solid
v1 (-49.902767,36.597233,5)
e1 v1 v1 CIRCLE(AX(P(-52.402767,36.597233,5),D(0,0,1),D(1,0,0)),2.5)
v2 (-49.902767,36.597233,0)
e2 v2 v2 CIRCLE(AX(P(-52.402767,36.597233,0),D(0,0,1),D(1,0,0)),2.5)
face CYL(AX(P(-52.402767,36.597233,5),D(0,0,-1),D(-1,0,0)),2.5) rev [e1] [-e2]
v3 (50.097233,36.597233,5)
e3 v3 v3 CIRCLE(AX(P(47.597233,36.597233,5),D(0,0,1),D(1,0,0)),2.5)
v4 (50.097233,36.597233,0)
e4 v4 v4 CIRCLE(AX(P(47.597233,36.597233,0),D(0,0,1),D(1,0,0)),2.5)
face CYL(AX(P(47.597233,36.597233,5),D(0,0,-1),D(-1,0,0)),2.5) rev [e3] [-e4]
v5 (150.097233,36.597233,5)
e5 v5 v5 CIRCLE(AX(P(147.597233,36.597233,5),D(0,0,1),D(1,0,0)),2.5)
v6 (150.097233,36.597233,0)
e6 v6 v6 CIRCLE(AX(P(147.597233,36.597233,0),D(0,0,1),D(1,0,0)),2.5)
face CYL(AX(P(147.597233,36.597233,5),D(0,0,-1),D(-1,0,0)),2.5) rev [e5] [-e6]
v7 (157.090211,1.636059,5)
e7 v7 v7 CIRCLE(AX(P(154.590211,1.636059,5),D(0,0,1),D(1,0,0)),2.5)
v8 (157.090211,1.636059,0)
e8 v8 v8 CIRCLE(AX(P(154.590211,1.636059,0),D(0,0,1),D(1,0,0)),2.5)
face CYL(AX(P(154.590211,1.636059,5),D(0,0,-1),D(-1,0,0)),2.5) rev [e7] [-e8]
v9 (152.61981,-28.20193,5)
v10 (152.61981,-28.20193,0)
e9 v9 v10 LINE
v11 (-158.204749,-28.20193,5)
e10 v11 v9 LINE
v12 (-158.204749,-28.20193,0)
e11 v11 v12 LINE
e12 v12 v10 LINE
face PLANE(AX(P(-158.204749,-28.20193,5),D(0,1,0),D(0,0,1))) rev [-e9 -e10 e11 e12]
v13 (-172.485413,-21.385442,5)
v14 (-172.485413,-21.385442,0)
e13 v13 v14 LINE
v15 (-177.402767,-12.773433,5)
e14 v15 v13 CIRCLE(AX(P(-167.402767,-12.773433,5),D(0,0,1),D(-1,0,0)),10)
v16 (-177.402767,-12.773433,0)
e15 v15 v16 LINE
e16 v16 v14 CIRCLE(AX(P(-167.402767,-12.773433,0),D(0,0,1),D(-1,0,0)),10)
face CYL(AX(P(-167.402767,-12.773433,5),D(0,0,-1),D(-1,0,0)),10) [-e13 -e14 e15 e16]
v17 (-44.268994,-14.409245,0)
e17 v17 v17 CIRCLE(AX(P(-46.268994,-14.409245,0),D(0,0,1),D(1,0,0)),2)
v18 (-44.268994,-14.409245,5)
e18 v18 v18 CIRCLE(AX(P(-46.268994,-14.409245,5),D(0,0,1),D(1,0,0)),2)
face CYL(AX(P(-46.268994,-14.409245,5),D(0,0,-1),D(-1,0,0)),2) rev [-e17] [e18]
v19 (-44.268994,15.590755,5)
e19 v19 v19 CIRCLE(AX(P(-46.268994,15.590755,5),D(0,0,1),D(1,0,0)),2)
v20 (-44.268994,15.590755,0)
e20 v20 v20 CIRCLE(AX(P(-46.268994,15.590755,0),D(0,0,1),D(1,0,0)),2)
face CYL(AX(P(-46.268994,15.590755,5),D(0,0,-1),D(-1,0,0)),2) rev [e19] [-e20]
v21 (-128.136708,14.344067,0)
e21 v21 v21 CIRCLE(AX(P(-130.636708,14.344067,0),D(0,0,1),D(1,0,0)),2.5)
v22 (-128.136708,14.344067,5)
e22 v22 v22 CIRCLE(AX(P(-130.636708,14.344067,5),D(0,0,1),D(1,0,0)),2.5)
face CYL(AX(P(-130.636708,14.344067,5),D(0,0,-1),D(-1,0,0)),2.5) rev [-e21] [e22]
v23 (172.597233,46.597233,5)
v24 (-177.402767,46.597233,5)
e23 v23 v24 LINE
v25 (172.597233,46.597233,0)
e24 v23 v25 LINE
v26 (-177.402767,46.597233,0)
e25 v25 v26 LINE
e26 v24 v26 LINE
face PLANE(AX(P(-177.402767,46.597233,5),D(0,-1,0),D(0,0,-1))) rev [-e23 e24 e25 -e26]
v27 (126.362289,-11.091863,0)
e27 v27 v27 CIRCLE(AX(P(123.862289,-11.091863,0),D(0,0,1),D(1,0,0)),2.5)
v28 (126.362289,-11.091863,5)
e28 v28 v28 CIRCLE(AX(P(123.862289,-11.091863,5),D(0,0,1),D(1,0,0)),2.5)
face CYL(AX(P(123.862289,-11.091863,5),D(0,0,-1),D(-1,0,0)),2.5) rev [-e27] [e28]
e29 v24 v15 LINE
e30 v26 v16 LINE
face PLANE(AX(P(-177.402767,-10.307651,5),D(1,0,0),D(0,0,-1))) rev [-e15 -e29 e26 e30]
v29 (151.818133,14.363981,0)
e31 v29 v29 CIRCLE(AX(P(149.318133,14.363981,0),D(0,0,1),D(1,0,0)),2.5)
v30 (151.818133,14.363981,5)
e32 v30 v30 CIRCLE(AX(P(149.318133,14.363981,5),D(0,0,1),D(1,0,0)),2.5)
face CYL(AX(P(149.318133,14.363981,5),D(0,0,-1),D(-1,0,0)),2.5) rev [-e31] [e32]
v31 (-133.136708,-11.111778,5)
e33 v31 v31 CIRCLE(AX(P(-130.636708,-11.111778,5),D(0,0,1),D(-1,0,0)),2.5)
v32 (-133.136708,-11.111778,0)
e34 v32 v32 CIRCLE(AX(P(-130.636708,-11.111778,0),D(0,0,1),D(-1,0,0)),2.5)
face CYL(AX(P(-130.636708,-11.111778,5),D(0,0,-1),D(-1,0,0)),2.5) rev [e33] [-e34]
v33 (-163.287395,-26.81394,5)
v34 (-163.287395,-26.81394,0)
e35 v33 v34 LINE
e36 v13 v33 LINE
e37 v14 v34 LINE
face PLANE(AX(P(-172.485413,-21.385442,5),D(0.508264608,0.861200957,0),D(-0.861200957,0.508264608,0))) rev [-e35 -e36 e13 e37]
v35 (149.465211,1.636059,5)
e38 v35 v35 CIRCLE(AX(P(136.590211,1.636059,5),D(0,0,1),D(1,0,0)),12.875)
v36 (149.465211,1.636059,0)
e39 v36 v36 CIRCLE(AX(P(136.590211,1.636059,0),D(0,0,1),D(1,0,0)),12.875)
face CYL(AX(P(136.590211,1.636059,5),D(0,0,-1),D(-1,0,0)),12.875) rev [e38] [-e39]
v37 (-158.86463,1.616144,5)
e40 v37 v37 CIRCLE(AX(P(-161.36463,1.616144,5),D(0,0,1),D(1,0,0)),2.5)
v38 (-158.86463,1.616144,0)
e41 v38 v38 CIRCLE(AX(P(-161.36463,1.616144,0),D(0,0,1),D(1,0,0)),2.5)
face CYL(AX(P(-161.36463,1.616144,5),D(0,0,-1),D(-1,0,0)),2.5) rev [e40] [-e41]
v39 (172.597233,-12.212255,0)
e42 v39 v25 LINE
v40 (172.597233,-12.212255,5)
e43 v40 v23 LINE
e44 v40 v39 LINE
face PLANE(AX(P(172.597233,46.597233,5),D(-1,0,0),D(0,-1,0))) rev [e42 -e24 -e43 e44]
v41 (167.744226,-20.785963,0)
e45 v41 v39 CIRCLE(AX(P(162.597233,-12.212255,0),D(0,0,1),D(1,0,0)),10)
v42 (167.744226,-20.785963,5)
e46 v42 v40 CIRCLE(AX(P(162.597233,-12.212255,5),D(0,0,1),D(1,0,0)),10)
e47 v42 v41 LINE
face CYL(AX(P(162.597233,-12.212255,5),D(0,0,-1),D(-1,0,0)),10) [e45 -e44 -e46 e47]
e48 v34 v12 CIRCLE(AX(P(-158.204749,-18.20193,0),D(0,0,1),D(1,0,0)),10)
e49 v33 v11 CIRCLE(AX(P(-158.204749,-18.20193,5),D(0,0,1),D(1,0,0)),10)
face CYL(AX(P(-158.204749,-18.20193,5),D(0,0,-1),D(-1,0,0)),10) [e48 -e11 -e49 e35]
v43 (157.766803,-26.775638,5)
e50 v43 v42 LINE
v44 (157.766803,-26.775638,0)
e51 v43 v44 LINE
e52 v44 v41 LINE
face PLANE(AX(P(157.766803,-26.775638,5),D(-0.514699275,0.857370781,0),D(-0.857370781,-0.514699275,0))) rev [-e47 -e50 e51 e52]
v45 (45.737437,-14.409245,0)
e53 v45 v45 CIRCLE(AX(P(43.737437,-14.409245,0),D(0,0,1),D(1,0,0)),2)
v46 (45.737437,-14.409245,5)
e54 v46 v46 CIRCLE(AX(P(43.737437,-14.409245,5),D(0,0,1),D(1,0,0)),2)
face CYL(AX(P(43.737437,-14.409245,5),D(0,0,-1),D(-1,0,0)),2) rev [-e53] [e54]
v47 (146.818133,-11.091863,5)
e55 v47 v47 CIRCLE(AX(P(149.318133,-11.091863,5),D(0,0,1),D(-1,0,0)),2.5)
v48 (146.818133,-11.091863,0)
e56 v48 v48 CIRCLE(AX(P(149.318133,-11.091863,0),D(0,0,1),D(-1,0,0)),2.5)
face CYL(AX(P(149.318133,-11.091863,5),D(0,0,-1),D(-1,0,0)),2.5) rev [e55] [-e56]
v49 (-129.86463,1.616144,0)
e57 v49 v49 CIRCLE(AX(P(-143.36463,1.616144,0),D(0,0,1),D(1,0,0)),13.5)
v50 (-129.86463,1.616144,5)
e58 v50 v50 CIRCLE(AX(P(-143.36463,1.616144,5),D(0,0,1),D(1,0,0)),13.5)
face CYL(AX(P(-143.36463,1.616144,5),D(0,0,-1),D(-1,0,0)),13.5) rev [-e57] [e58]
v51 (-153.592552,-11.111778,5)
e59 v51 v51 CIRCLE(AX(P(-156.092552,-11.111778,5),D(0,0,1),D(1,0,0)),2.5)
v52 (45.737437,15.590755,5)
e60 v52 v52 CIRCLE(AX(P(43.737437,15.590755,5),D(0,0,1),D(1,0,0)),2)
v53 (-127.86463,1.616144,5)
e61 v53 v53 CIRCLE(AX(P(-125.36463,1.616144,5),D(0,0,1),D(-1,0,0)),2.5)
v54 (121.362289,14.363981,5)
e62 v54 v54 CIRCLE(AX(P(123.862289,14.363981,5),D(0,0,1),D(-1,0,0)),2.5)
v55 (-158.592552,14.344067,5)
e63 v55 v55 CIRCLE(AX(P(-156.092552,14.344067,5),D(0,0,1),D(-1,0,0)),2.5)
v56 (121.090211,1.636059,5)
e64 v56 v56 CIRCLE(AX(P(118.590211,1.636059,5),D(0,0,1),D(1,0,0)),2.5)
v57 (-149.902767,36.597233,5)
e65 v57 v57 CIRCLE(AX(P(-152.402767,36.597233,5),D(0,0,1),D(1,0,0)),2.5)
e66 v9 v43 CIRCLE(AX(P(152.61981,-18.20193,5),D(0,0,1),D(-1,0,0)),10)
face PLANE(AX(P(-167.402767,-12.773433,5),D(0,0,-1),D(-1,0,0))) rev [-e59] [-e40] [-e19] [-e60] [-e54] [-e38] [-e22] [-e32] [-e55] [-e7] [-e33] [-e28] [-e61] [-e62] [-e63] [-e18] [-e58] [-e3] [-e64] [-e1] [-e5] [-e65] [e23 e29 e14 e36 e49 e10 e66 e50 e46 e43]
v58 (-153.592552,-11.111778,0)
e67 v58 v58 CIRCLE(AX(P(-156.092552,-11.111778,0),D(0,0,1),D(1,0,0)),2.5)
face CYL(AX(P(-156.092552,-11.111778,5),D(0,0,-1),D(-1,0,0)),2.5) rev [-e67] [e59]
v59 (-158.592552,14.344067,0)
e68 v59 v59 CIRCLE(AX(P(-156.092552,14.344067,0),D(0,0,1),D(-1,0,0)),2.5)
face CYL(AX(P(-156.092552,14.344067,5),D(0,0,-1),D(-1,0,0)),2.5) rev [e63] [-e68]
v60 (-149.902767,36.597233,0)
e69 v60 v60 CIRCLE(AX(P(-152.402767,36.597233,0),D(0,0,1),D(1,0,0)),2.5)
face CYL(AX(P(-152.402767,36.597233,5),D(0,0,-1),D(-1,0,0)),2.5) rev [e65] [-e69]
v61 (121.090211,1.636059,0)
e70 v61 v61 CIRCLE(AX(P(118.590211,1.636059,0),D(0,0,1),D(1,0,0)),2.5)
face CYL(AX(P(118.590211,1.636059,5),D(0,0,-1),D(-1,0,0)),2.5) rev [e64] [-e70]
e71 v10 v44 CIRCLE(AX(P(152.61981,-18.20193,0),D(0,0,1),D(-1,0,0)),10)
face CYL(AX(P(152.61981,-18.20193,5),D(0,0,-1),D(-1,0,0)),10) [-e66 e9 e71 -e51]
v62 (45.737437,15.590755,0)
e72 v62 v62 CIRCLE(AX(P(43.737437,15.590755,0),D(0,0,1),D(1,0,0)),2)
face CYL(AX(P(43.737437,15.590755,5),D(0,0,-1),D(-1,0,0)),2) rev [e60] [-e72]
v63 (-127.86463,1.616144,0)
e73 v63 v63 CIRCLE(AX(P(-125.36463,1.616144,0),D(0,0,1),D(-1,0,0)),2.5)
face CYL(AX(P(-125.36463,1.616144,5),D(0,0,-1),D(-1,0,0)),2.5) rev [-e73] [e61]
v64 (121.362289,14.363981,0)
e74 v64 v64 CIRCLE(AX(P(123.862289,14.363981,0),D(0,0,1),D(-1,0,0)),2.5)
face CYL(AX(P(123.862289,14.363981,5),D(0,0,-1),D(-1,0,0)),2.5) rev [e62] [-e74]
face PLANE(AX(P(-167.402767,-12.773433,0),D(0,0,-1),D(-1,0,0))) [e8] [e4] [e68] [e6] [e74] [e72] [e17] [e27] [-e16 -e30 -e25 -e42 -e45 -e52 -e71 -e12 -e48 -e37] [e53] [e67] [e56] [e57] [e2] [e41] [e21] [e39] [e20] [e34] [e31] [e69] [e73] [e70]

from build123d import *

# Parameters (mm, degrees)
SKETCH_1_R      = 2.5
SKETCH_1_R_2    = 12.875
SKETCH_1_R_3    = 13.5
SKETCH_1_R_4    = 2
EXTRUDE_1_DEPTH = 5


with BuildPart() as part:
    # 草圖1 → 填料-伸長1 (new body)
    with BuildSketch(Plane.XY):
        with BuildLine():
            Line((-177.402767175, 46.597232825), (172.597232825, 46.597232825))
            Line((172.597232825, 46.597232825), (172.597232825, -3.218275341))
            Line((172.597232825, -3.218275341), (172.597232825, -12.212255112))
            ThreePointArc((172.597232825, -12.212255112), (171.299816564, -17.138210478), (167.744225572, -20.785962926))
            Line((167.744225572, -20.785962926), (157.766802923, -26.775637768))
            ThreePointArc((157.766802923, -26.775637768), (155.290289709, -27.838762374), (152.619810177, -28.201929955))
            Line((152.619810177, -28.201929955), (-158.204749101, -28.201929955))
            ThreePointArc((-158.204749101, -28.201929955), (-160.839127997, -27.848693549), (-163.287395186, -26.813939522))
            Line((-163.287395186, -26.813939522), (-172.48541326, -21.385442237))
            ThreePointArc((-172.48541326, -21.385442237), (-176.08684631, -17.731937443), (-177.402767175, -12.77343267))
            Line((-177.402767175, -12.77343267), (-177.402767175, -10.307650594))
            Line((-177.402767175, -10.307650594), (-177.402767175, -3.218275341))
            Line((-177.402767175, -3.218275341), (-177.402767175, 46.597232825))
        make_face()
        with Locations((118.590211239, 1.636058568)):
            Circle(SKETCH_1_R, mode=Mode.SUBTRACT)
        with Locations((154.590211239, 1.636058568)):
            Circle(SKETCH_1_R, mode=Mode.SUBTRACT)
        with Locations((136.590211239, 1.636058568)):
            Circle(SKETCH_1_R_2, mode=Mode.SUBTRACT)
        with Locations((-143.364629919, 1.616144457)):
            Circle(SKETCH_1_R_3, mode=Mode.SUBTRACT)
        with Locations((-130.636707858, 14.344066518)):
            Circle(SKETCH_1_R, mode=Mode.SUBTRACT)
        with Locations((-156.09255198, 14.344066518)):
            Circle(SKETCH_1_R, mode=Mode.SUBTRACT)
        with Locations((-130.636707858, -11.111777604)):
            Circle(SKETCH_1_R, mode=Mode.SUBTRACT)
        with Locations((-156.09255198, -11.111777604)):
            Circle(SKETCH_1_R, mode=Mode.SUBTRACT)
        with Locations((-152.402767175, 36.597232825)):
            Circle(SKETCH_1_R, mode=Mode.SUBTRACT)
        with Locations((-52.402767175, 36.597232825)):
            Circle(SKETCH_1_R, mode=Mode.SUBTRACT)
        with Locations((47.597232825, 36.597232825)):
            Circle(SKETCH_1_R, mode=Mode.SUBTRACT)
        with Locations((147.597232825, 36.597232825)):
            Circle(SKETCH_1_R, mode=Mode.SUBTRACT)
        with Locations((-161.364629919, 1.616144457)):
            Circle(SKETCH_1_R, mode=Mode.SUBTRACT)
        with Locations((-125.364629919, 1.616144457)):
            Circle(SKETCH_1_R, mode=Mode.SUBTRACT)
        with Locations((149.318133301, -11.091863493)):
            Circle(SKETCH_1_R, mode=Mode.SUBTRACT)
        with Locations((123.862289178, -11.091863493)):
            Circle(SKETCH_1_R, mode=Mode.SUBTRACT)
        with Locations((123.862289178, 14.363980629)):
            Circle(SKETCH_1_R, mode=Mode.SUBTRACT)
        with Locations((149.318133301, 14.363980629)):
            Circle(SKETCH_1_R, mode=Mode.SUBTRACT)
        with Locations((-46.268993965, 15.590754881)):
            Circle(SKETCH_1_R_4, mode=Mode.SUBTRACT)
        with Locations((-46.268993965, -14.409245119)):
            Circle(SKETCH_1_R_4, mode=Mode.SUBTRACT)
        with Locations((43.737437285, 15.590754881)):
            Circle(SKETCH_1_R_4, mode=Mode.SUBTRACT)
        with Locations((43.737437285, -14.409245119)):
            Circle(SKETCH_1_R_4, mode=Mode.SUBTRACT)
    extrude(amount=EXTRUDE_1_DEPTH)


solid = part.part
